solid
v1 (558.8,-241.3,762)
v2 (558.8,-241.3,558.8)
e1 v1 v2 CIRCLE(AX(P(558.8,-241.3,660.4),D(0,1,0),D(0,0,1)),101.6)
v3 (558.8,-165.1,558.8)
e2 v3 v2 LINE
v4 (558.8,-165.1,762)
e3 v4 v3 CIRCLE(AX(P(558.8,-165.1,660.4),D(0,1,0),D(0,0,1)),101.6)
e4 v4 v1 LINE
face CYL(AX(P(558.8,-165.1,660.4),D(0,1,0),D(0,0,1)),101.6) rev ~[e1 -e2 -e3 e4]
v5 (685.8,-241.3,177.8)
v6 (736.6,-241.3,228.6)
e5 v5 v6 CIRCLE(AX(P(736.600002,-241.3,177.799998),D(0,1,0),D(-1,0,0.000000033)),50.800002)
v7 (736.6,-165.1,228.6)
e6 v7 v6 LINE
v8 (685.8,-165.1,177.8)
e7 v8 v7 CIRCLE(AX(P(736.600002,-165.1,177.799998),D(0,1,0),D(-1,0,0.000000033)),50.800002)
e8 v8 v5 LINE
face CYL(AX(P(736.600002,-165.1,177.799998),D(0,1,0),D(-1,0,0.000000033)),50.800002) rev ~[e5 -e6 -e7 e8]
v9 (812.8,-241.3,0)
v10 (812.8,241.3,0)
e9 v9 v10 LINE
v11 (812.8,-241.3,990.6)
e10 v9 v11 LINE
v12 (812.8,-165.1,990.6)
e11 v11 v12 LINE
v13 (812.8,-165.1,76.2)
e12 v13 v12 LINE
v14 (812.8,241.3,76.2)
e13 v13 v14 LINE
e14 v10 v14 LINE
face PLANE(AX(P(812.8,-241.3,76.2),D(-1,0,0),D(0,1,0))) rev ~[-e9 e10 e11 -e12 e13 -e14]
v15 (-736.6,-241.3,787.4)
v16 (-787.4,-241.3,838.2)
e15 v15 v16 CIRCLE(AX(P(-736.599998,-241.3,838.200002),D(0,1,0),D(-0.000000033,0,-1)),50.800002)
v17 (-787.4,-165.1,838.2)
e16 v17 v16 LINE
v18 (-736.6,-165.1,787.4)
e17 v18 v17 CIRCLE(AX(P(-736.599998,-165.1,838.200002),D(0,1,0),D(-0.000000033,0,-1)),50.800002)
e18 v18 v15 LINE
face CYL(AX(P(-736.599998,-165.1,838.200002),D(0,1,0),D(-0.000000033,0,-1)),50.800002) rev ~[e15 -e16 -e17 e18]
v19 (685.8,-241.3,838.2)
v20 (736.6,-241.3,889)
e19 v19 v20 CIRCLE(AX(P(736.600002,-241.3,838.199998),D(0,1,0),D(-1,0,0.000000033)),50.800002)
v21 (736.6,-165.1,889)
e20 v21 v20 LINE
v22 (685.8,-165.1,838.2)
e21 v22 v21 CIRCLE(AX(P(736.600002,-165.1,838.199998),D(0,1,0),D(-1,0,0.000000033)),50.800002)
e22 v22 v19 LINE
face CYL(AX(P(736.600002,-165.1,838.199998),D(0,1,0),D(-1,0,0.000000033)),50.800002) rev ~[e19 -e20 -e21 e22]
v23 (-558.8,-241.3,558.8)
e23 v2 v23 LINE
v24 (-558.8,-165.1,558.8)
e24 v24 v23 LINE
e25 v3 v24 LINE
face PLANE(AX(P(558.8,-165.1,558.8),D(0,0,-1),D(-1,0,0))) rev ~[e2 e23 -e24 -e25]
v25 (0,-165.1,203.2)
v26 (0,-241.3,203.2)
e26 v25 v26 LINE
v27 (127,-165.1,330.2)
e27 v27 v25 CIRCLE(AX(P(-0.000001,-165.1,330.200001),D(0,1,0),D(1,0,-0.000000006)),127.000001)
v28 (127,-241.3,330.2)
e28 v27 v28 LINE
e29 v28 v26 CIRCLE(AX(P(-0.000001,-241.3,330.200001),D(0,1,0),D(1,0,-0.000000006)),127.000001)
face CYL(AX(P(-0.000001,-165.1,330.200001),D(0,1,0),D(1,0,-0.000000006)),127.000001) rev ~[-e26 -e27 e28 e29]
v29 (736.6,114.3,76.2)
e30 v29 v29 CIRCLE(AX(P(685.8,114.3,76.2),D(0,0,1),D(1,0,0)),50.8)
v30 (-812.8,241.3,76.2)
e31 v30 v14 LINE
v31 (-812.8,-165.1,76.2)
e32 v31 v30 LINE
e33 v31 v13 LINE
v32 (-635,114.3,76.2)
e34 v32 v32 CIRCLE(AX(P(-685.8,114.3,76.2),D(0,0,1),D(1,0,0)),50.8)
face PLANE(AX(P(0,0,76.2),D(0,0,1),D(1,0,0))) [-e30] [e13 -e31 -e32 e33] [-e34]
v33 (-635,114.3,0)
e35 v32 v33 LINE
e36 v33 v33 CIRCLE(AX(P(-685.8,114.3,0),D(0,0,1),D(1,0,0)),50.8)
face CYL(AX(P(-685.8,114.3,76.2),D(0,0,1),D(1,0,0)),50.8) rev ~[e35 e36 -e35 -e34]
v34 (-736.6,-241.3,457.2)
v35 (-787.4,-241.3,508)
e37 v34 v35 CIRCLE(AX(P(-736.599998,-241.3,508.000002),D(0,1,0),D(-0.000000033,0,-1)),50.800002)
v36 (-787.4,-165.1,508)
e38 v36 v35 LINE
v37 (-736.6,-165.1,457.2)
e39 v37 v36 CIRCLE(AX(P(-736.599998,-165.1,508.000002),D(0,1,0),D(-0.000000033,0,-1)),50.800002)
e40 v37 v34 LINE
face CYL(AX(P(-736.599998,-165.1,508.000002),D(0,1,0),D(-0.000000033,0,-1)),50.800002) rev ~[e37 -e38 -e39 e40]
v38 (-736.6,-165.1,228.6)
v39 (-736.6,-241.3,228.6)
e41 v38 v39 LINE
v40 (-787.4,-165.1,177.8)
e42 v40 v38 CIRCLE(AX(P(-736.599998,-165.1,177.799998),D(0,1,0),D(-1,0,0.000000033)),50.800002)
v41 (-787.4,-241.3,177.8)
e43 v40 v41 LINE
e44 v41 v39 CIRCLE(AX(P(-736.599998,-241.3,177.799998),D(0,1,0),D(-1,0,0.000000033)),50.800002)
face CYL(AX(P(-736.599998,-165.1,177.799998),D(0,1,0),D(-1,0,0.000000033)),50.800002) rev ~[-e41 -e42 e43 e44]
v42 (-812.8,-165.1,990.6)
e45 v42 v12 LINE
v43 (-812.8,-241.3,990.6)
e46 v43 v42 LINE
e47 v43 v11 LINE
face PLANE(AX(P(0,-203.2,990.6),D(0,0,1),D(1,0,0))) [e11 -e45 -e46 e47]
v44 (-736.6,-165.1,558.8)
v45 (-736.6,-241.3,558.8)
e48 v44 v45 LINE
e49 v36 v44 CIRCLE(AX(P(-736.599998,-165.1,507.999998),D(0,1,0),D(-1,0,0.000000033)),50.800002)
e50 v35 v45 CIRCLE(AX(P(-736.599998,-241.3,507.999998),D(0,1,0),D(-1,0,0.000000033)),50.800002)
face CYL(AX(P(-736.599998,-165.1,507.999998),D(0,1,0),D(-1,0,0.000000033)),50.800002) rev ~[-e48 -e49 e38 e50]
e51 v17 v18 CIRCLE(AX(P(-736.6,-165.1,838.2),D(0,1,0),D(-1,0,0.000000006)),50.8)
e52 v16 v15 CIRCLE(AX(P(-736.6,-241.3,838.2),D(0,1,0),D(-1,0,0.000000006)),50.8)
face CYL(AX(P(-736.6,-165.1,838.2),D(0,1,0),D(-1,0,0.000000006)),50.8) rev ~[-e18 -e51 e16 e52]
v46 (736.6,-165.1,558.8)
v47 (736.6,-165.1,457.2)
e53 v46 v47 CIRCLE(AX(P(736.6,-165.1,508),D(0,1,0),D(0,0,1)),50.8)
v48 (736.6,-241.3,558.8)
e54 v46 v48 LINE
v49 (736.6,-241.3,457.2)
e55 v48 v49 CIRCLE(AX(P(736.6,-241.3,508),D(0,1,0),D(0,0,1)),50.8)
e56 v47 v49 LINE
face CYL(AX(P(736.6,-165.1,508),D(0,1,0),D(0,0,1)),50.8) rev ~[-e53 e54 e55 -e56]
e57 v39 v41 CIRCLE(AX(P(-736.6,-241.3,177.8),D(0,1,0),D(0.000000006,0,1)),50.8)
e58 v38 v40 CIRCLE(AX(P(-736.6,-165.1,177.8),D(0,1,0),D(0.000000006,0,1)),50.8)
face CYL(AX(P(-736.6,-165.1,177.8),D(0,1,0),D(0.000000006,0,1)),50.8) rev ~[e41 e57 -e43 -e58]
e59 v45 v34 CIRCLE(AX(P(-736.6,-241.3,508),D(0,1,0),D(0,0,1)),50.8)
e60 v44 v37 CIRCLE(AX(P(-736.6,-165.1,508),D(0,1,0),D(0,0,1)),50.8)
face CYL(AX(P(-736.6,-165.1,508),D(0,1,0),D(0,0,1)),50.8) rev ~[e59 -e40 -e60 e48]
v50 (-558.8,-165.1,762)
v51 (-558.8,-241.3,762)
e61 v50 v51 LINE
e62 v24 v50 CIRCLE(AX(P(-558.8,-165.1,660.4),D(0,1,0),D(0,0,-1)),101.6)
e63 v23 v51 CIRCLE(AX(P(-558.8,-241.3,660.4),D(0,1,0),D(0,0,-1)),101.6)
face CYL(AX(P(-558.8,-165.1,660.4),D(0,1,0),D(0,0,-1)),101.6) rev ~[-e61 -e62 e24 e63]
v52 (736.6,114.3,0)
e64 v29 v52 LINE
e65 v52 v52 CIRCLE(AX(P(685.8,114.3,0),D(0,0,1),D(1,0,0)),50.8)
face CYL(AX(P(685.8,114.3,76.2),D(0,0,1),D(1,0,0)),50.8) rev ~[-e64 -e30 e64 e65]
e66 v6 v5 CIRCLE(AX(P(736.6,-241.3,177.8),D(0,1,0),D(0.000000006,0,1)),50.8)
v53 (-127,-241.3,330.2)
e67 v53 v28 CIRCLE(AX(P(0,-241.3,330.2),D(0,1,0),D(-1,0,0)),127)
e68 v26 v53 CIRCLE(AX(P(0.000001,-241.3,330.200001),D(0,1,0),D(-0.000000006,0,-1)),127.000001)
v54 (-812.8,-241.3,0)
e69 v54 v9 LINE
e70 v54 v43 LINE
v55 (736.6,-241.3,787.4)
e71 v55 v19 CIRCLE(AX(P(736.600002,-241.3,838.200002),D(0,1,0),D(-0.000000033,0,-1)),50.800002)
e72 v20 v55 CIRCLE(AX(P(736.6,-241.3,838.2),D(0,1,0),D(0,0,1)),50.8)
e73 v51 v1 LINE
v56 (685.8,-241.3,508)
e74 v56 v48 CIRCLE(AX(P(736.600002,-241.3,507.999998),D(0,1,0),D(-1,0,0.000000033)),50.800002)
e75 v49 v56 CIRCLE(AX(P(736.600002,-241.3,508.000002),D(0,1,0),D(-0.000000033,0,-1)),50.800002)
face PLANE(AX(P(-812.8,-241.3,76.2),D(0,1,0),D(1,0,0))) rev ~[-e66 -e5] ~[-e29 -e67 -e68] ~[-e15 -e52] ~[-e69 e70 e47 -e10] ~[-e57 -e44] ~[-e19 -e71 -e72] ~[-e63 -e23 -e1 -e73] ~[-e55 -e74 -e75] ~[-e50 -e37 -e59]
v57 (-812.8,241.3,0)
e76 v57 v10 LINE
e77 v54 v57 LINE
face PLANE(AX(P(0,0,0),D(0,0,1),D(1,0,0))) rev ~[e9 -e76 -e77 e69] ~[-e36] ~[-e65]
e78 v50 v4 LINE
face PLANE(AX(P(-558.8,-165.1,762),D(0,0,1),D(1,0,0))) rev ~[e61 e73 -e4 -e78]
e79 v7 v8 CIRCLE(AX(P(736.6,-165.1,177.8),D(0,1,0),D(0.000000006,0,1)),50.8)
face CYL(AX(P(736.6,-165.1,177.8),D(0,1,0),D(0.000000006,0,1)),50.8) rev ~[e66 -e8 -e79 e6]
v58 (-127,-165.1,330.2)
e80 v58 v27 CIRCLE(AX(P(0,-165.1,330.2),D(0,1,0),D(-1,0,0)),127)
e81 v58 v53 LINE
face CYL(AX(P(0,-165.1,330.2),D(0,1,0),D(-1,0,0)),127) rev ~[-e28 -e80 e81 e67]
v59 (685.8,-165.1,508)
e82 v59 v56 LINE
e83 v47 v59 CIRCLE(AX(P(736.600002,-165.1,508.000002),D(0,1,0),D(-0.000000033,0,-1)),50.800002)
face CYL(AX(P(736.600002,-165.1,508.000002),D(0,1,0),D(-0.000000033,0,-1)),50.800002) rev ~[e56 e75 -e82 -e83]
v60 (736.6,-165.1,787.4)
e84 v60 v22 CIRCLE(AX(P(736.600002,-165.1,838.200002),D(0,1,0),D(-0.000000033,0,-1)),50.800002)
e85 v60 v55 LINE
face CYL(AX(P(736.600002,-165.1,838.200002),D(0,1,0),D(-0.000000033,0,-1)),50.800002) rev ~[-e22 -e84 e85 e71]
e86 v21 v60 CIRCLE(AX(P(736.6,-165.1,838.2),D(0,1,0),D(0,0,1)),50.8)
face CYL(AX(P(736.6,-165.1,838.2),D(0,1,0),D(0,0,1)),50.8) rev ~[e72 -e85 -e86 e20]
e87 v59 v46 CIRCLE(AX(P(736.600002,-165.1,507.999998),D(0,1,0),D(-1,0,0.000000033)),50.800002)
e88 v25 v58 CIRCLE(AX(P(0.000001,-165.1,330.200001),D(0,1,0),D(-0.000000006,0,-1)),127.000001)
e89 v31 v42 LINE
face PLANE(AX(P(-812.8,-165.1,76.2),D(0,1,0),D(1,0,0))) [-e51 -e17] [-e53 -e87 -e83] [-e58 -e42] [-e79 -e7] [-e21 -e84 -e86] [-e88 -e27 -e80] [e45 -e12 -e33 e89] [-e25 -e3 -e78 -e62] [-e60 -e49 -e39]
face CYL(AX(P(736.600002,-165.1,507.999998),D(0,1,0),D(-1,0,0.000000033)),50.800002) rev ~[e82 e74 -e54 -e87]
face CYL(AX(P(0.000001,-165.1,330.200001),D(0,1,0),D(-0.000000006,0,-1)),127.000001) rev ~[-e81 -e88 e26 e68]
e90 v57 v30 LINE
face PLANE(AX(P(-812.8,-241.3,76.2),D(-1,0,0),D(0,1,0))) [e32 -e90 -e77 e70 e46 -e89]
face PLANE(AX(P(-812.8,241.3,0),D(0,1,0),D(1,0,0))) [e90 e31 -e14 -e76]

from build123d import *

# Parameters (mm, degrees)
F0_W     = 1625.6
F0_H     = 482.6
F1_DEPTH = 76.2
F2_W     = 1625.6
F2_H     = 76.2
F3_DEPTH = 914.4
F5_DEPTH = 612.14
F7_DEPTH = 281.94
F8_R     = 50.8
F9_DEPTH = 215.9


with BuildPart() as f1:
    # F0 (on Top) → F1 (new body)
    with BuildSketch(Plane.XY):
        Rectangle(F0_W, F0_H)
    extrude(amount=F1_DEPTH)

    # F2 (on face) → F3 (join)
    with BuildSketch(Plane.XY.offset(76.2)):
        with Locations((0, -203.2)):
            Rectangle(F2_W, F2_H)
    extrude(amount=F3_DEPTH)

    # F4 (on face) → F5 (cut)
    with BuildSketch(Plane(origin=(0, -165.1, 0), x_dir=(-1, 0, 0), z_dir=(0, 1, 0))):
        with BuildLine():
            ThreePointArc((-127, 330.2), (-89.802561, 240.397439), (0, 203.2))
            Line((0, 203.2), (0, 330.2))
            Line((0, 330.2), (-127, 330.2))
        make_face()
        with BuildLine():
            Line((0, 330.2), (0, 203.2))
            ThreePointArc((0, 203.2), (89.802561, 240.397439), (127, 330.2))
            ThreePointArc((127, 330.2), (0, 457.2), (-127, 330.2))
            Line((-127, 330.2), (0, 330.2))
        make_face()
        with BuildLine():
            Line((558.8, 762), (-558.8, 762))
            ThreePointArc((-558.8, 762), (-660.4, 660.4), (-558.8, 558.8))
            Line((-558.8, 558.8), (558.8, 558.8))
            ThreePointArc((558.8, 558.8), (660.4, 660.4), (558.8, 762))
        make_face()
    extrude(amount=-F5_DEPTH, mode=Mode.SUBTRACT)

    # F6 (on face) → F7 (cut)
    with BuildSketch(Plane(origin=(0, -165.1, 0), x_dir=(-1, 0, 0), z_dir=(0, 1, 0))):
        with BuildLine():
            ThreePointArc((736.6, 787.4), (772.521024, 802.278976), (787.4, 838.2))
            Line((787.4, 838.2), (736.6, 838.2))
            Line((736.6, 838.2), (736.6, 787.4))
        make_face()
        with BuildLine():
            Line((736.6, 838.2), (787.4, 838.2))
            ThreePointArc((787.4, 838.2), (700.678976, 874.121024), (736.6, 787.4))
            Line((736.6, 787.4), (736.6, 838.2))
        make_face()
        with BuildLine():
            ThreePointArc((787.4, 177.8), (772.521024, 213.721024), (736.6, 228.6))
            ThreePointArc((736.6, 228.6), (700.678976, 141.878976), (787.4, 177.8))
        make_face()
        with BuildLine():
            ThreePointArc((787.4, 508), (772.521024, 543.921024), (736.6, 558.8))
            Line((736.6, 558.8), (736.6, 508))
            Line((736.6, 508), (736.6, 457.2))
            ThreePointArc((736.6, 457.2), (772.521024, 472.078976), (787.4, 508))
        make_face()
        with BuildLine():
            Line((736.6, 508), (736.6, 558.8))
            ThreePointArc((736.6, 558.8), (685.8, 508), (736.6, 457.2))
            Line((736.6, 457.2), (736.6, 508))
        make_face()
        with BuildLine():
            ThreePointArc((-685.8, 838.2), (-700.678976, 874.121024), (-736.6, 889))
            Line((-736.6, 889), (-736.6, 838.2))
            Line((-736.6, 838.2), (-736.6, 787.4))
            ThreePointArc((-736.6, 787.4), (-700.678976, 802.278976), (-685.8, 838.2))
        make_face()
        with BuildLine():
            ThreePointArc((-685.8, 177.8), (-700.678976, 213.721024), (-736.6, 228.6))
            ThreePointArc((-736.6, 228.6), (-772.521024, 141.878976), (-685.8, 177.8))
        make_face()
        with BuildLine():
            ThreePointArc((-685.8, 508), (-700.678976, 543.921024), (-736.6, 558.8))
            Line((-736.6, 558.8), (-736.6, 508))
            Line((-736.6, 508), (-736.6, 457.2))
            ThreePointArc((-736.6, 457.2), (-700.678976, 472.078976), (-685.8, 508))
        make_face()
        with BuildLine():
            Line((-736.6, 508), (-736.6, 558.8))
            ThreePointArc((-736.6, 558.8), (-787.4, 508), (-736.6, 457.2))
            Line((-736.6, 457.2), (-736.6, 508))
        make_face()
        with BuildLine():
            Line((-736.6, 838.2), (-736.6, 889))
            ThreePointArc((-736.6, 889), (-787.4, 838.2), (-736.6, 787.4))
            Line((-736.6, 787.4), (-736.6, 838.2))
        make_face()
    extrude(amount=-F7_DEPTH, mode=Mode.SUBTRACT)

    # F8 (on face) → F9 (cut)
    with BuildSketch(Plane.XY.offset(76.2)):
        with Locations((-685.8, 114.3)):
            Circle(F8_R)
        with Locations((685.8, 114.3)):
            Circle(F8_R)
    extrude(amount=-F9_DEPTH, mode=Mode.SUBTRACT)


solid = f1.part
